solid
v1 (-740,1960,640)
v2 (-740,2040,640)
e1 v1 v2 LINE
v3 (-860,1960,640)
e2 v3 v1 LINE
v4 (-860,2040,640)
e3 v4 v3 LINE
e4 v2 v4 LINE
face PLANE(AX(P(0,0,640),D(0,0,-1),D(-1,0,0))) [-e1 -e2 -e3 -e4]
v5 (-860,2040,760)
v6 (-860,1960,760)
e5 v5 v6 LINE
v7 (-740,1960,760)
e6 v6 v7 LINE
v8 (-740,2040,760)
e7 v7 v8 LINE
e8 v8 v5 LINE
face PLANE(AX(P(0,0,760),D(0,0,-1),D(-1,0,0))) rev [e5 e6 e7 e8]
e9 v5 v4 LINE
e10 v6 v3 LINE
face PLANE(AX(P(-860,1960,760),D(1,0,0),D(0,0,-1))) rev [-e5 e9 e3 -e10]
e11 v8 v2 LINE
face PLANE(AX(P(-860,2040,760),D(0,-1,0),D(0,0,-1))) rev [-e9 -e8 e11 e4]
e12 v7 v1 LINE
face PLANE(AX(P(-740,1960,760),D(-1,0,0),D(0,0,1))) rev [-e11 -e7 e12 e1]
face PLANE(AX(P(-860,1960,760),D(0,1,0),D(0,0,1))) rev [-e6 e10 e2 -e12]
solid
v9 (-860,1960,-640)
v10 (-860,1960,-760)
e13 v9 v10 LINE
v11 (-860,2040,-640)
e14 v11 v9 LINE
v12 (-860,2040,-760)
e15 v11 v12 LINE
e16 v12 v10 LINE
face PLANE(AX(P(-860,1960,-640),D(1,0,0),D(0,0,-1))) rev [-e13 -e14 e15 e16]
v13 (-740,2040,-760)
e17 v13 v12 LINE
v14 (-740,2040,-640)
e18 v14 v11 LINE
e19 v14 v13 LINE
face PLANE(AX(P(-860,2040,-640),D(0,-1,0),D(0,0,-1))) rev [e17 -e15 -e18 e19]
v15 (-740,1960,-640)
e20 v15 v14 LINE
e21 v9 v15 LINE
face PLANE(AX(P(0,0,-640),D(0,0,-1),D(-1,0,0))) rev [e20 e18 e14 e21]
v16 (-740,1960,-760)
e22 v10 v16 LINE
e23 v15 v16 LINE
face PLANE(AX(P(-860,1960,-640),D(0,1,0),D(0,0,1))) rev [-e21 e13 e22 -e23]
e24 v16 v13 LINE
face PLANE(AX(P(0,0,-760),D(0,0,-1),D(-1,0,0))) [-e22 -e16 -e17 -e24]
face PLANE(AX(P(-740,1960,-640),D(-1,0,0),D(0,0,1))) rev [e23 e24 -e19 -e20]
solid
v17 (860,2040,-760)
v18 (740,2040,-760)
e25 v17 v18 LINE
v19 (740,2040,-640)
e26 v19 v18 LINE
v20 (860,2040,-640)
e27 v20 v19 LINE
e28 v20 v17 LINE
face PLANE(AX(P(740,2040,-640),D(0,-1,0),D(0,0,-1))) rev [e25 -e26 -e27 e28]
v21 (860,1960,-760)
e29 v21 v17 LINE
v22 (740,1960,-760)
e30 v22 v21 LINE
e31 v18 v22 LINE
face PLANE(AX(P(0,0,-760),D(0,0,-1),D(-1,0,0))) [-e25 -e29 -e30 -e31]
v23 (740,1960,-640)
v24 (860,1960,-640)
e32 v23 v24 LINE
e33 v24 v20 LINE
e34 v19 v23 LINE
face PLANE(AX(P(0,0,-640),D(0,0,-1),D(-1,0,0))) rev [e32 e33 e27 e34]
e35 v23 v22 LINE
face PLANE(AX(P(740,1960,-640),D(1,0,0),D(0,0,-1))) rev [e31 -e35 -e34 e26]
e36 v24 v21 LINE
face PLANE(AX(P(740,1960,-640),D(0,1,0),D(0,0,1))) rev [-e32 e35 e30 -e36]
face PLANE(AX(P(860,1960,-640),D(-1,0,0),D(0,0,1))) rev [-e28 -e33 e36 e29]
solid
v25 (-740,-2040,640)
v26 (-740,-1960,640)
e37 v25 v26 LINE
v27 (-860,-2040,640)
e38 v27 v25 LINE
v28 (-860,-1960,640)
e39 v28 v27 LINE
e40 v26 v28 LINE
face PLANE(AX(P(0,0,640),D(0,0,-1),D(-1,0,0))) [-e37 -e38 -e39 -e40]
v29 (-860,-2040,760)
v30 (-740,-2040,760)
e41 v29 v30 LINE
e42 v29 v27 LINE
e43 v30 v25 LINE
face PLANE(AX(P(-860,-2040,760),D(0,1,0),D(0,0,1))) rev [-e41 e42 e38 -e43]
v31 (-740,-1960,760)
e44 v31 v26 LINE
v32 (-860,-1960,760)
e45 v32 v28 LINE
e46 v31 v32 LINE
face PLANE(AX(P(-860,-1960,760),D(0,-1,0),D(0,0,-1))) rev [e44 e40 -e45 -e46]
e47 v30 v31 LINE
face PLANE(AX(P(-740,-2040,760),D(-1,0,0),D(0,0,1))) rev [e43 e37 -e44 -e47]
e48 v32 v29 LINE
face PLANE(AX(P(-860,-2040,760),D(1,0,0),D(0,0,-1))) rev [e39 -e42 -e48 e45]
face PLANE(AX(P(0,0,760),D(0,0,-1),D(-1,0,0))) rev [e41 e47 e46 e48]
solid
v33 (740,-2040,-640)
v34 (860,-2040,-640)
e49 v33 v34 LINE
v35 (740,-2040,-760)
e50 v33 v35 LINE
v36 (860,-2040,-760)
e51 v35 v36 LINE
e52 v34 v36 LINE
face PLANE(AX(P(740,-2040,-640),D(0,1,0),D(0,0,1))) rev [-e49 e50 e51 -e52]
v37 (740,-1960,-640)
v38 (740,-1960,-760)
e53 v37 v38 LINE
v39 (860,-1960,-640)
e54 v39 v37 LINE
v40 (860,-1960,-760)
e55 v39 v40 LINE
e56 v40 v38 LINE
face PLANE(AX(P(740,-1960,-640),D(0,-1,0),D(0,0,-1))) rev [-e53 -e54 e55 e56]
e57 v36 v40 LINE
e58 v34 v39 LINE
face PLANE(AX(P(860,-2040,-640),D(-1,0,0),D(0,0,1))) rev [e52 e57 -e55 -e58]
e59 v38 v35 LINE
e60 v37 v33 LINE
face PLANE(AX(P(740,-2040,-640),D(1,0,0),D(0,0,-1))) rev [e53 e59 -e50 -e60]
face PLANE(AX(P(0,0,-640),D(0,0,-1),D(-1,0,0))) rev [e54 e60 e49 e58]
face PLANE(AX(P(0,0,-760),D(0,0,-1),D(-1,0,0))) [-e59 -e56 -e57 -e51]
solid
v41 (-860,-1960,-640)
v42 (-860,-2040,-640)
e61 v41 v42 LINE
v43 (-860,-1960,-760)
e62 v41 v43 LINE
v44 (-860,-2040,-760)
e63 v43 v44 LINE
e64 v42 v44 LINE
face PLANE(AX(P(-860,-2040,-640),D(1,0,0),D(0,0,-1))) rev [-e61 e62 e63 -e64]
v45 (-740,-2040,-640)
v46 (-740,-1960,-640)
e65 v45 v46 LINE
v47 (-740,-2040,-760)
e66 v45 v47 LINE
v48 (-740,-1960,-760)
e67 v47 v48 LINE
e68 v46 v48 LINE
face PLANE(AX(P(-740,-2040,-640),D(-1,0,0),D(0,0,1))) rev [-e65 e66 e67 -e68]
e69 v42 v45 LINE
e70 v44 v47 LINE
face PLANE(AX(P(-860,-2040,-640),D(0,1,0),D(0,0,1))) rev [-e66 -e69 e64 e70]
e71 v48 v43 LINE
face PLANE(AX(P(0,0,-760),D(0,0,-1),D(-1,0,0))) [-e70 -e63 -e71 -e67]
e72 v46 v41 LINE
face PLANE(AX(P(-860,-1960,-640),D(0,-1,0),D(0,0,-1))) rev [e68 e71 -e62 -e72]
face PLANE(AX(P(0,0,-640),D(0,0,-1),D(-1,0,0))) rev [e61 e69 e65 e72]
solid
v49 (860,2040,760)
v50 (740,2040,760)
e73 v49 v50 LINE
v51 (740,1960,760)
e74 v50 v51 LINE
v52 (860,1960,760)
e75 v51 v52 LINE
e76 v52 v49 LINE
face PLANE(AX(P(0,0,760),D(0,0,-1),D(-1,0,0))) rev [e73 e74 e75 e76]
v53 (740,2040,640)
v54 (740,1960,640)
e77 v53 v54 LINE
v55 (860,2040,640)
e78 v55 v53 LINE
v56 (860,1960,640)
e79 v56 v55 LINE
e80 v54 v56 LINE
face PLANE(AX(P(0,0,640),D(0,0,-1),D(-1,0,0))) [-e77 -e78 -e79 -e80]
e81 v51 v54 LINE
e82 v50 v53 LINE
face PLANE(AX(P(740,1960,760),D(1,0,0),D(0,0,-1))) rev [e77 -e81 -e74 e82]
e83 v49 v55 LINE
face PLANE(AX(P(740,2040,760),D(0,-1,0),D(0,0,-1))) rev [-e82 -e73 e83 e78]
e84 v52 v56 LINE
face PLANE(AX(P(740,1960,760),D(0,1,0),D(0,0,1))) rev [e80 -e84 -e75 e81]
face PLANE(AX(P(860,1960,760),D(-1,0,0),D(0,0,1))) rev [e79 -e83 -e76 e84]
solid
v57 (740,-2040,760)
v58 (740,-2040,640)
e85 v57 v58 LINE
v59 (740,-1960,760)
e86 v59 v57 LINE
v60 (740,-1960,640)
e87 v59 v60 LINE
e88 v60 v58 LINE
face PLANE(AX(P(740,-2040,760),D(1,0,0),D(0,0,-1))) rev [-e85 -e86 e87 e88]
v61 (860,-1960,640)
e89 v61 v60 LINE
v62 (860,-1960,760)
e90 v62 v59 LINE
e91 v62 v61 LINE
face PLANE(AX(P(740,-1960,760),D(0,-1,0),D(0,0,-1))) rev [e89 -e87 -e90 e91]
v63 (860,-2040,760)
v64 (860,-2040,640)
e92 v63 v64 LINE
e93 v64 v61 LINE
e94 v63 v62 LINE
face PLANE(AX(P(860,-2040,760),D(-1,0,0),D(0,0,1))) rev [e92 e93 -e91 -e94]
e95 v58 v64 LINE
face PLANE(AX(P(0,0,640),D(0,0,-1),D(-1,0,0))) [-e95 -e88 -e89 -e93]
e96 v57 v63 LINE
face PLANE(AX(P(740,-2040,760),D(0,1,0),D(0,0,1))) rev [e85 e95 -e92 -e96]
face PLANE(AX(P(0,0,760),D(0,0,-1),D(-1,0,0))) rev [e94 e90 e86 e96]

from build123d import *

# Parameters (mm, degrees)
BOSS_EXTRUDE1_START = -760
SKETCH1_W           = 120
SKETCH1_H           = 80
BOSS_EXTRUDE1_DEPTH = 120
BOSS_EXTRUDE2_START = 640
SKETCH2_W           = 120
SKETCH2_H           = 80
BOSS_EXTRUDE2_DEPTH = 120
BOSS_EXTRUDE3_START = -760
SKETCH3_W           = 120
SKETCH3_H           = 80
BOSS_EXTRUDE3_DEPTH = 120
BOSS_EXTRUDE4_START = 640
SKETCH4_W           = 120
SKETCH4_H           = 80
BOSS_EXTRUDE4_DEPTH = 120
BOSS_EXTRUDE5_START = -760
SKETCH5_W           = 120
SKETCH5_H           = 80
BOSS_EXTRUDE5_DEPTH = 120
BOSS_EXTRUDE6_START = 640
SKETCH6_W           = 120
SKETCH6_H           = 80
BOSS_EXTRUDE6_DEPTH = 120
BOSS_EXTRUDE7_START = -760
SKETCH7_W           = 120
SKETCH7_H           = 80
BOSS_EXTRUDE7_DEPTH = 120
BOSS_EXTRUDE8_START = 640
SKETCH8_W           = 120
SKETCH8_H           = 80
BOSS_EXTRUDE8_DEPTH = 120


with BuildPart() as part:
    # Sketch1 → Boss-Extrude1 (new body)
    with BuildSketch(Plane.XY.offset(BOSS_EXTRUDE1_START)):
        with Locations((-800, -2000)):
            Rectangle(SKETCH1_W, SKETCH1_H)
    extrude(amount=BOSS_EXTRUDE1_DEPTH)


with BuildPart() as body_2:
    # Sketch2 → Boss-Extrude2 (new body)
    with BuildSketch(Plane.XY.offset(BOSS_EXTRUDE2_START)):
        with Locations((-800, -2000)):
            Rectangle(SKETCH2_W, SKETCH2_H)
    extrude(amount=BOSS_EXTRUDE2_DEPTH)


with BuildPart() as body_3:
    # Sketch3 → Boss-Extrude3 (new body)
    with BuildSketch(Plane.XY.offset(BOSS_EXTRUDE3_START)):
        with Locations((-800, 2000)):
            Rectangle(SKETCH3_W, SKETCH3_H)
    extrude(amount=BOSS_EXTRUDE3_DEPTH)


with BuildPart() as body_4:
    # Sketch4 → Boss-Extrude4 (new body)
    with BuildSketch(Plane.XY.offset(BOSS_EXTRUDE4_START)):
        with Locations((-800, 2000)):
            Rectangle(SKETCH4_W, SKETCH4_H)
    extrude(amount=BOSS_EXTRUDE4_DEPTH)


with BuildPart() as body_5:
    # Sketch5 → Boss-Extrude5 (new body)
    with BuildSketch(Plane.XY.offset(BOSS_EXTRUDE5_START)):
        with Locations((800, -2000)):
            Rectangle(SKETCH5_W, SKETCH5_H)
    extrude(amount=BOSS_EXTRUDE5_DEPTH)


with BuildPart() as body_6:
    # Sketch6 → Boss-Extrude6 (new body)
    with BuildSketch(Plane.XY.offset(BOSS_EXTRUDE6_START)):
        with Locations((800, -2000)):
            Rectangle(SKETCH6_W, SKETCH6_H)
    extrude(amount=BOSS_EXTRUDE6_DEPTH)


with BuildPart() as body_7:
    # Sketch7 → Boss-Extrude7 (new body)
    with BuildSketch(Plane.XY.offset(BOSS_EXTRUDE7_START)):
        with Locations((800, 2000)):
            Rectangle(SKETCH7_W, SKETCH7_H)
    extrude(amount=BOSS_EXTRUDE7_DEPTH)


with BuildPart() as body_8:
    # Sketch8 → Boss-Extrude8 (new body)
    with BuildSketch(Plane.XY.offset(BOSS_EXTRUDE8_START)):
        with Locations((800, 2000)):
            Rectangle(SKETCH8_W, SKETCH8_H)
    extrude(amount=BOSS_EXTRUDE8_DEPTH)


solid = Compound([part.part, body_2.part, body_3.part, body_4.part, body_5.part, body_6.part, body_7.part, body_8.part])
